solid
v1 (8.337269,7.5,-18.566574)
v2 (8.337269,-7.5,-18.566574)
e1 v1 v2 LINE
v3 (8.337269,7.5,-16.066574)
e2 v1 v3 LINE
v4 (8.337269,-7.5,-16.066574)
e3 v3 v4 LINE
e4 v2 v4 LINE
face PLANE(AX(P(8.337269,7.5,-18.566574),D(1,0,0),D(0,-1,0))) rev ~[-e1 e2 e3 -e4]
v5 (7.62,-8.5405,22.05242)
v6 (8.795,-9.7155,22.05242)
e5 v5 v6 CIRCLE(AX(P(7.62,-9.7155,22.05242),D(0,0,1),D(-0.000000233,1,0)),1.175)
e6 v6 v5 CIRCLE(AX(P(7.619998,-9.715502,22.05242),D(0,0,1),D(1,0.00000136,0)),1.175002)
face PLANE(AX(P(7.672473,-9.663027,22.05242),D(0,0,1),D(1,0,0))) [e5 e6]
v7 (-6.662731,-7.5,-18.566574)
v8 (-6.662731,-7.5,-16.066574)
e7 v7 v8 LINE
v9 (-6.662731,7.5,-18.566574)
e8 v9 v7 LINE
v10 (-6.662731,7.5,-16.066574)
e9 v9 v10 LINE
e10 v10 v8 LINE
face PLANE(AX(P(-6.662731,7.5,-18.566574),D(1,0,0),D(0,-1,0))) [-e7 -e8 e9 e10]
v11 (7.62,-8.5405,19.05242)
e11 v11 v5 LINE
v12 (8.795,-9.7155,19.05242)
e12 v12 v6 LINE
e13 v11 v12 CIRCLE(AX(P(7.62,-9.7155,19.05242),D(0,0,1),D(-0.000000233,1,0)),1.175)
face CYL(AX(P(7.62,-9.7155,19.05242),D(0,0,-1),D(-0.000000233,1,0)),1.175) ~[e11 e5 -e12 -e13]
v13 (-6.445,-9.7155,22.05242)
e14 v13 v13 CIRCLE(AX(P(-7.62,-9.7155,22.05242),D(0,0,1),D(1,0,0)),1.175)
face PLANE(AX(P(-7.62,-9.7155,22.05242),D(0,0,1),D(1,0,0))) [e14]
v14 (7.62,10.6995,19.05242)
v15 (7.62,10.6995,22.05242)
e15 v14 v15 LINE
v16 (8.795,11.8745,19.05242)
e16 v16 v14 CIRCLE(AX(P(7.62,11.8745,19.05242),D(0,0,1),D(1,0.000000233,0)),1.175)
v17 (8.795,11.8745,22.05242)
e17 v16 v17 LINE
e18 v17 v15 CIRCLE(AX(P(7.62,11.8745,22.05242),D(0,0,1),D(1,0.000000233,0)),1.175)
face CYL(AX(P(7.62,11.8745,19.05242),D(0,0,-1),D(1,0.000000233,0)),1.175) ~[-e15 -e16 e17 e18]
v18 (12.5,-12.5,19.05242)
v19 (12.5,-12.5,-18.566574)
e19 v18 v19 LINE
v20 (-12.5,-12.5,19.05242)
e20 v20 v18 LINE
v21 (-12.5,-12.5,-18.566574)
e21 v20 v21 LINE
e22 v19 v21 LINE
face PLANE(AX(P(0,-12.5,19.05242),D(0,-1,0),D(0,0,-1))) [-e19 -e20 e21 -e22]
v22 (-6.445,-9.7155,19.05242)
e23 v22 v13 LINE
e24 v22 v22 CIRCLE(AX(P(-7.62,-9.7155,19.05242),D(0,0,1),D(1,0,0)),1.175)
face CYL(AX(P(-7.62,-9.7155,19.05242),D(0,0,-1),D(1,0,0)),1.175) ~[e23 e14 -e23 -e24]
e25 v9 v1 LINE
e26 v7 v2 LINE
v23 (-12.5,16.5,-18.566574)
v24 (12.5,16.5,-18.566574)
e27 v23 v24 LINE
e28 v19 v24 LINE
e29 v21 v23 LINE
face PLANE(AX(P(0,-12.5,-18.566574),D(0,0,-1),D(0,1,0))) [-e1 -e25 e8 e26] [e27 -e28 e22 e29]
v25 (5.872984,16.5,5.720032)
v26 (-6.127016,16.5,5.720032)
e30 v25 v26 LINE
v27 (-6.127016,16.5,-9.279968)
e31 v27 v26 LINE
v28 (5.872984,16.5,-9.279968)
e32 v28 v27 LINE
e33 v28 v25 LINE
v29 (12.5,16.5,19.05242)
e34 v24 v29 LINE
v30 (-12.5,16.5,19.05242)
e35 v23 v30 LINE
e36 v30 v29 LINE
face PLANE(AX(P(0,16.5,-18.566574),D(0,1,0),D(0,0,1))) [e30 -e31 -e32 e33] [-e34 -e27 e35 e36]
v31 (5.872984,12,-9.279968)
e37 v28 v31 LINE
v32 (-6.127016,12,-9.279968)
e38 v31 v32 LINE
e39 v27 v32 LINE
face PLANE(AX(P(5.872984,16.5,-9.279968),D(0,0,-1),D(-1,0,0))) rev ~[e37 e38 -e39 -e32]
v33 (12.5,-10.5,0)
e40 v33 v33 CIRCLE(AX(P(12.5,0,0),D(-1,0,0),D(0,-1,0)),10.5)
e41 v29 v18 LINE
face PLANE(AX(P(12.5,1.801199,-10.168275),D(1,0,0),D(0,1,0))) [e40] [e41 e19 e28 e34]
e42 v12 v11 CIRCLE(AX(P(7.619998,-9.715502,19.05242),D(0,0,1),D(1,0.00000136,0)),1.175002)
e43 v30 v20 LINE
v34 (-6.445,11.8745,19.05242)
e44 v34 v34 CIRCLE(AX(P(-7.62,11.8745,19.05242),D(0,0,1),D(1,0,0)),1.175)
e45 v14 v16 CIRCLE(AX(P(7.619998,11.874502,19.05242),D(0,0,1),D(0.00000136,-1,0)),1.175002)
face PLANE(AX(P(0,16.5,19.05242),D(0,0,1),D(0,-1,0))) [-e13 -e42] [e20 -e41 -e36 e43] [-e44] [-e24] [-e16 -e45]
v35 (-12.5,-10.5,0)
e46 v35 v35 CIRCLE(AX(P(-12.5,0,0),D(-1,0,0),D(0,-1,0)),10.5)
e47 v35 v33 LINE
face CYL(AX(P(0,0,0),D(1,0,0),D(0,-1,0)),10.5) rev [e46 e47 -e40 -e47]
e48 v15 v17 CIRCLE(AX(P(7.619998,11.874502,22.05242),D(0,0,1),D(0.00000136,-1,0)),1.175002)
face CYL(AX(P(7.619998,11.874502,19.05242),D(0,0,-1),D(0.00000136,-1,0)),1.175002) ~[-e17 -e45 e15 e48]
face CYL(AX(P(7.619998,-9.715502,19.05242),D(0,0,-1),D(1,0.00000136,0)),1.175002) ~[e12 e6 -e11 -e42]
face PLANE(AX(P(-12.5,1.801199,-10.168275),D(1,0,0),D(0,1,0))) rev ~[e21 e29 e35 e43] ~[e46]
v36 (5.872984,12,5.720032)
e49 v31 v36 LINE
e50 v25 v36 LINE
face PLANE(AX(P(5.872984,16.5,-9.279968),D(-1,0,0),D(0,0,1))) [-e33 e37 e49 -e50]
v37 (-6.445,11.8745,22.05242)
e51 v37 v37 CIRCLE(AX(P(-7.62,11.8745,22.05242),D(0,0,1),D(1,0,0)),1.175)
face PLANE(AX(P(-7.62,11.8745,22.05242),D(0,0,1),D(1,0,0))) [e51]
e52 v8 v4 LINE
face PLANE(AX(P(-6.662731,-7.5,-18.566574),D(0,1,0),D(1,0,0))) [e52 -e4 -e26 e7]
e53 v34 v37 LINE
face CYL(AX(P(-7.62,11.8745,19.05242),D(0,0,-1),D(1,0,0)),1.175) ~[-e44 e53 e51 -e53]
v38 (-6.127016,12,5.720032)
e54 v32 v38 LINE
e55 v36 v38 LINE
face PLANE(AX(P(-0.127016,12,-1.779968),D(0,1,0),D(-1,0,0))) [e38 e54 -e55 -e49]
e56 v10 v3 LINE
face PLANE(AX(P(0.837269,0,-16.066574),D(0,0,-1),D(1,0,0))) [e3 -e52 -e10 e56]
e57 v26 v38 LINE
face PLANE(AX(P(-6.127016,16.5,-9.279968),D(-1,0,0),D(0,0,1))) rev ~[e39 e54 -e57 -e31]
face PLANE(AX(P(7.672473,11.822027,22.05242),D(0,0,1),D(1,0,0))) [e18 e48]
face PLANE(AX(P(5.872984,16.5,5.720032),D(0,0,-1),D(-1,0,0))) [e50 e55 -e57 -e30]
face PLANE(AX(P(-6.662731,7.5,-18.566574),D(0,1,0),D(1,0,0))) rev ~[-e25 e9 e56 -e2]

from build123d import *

# Parameters (mm, degrees)
F1_DEPTH = 12.5
F2_R     = 1.175
F3_DEPTH = 3
F4_W     = 15
F4_H     = 15
F5_DEPTH = 2.5
F6_W     = 12
F6_H     = 15
F7_DEPTH = 4.5


with BuildPart() as f1:
    # F0 (on Right) → F1 (new body, symmetric)
    with BuildSketch(Plane.YZ):
        with BuildLine():
            Line((16.5, 0), (10.5, 0))
            ThreePointArc((10.5, 0), (0, -10.5), (-10.5, 0))
            Line((-10.5, 0), (-12.5, 0))
            Line((-12.5, 0), (-12.5, -18.566574))
            Line((-12.5, -18.566574), (-1.889947, -18.566574))
            Line((-1.889947, -18.566574), (16.5, -18.566574))
            Line((16.5, -18.566574), (16.5, 0))
        make_face()
        with BuildLine():
            ThreePointArc((-10.5, 0), (0, 10.5), (10.5, 0))
            Line((10.5, 0), (16.5, 0))
            Line((16.5, 0), (16.5, 19.05242))
            Line((16.5, 19.05242), (-12.5, 19.05242))
            Line((-12.5, 19.05242), (-12.5, 0))
            Line((-12.5, 0), (-10.5, 0))
        make_face()
    extrude(amount=F1_DEPTH, both=True)

    # F2 (on face) → F3 (join)
    with BuildSketch(Plane.XY.offset(19.05242)):
        with Locations((-7.62, -9.7155)):
            Circle(F2_R)
        with BuildLine():
            ThreePointArc((7.62, -8.5405), (6.78915, -10.54635), (8.795, -9.7155))
            ThreePointArc((8.795, -9.7155), (8.45085, -8.88465), (7.62, -8.5405))
        make_face()
        with BuildLine():
            ThreePointArc((8.795, 11.8745), (6.78915, 12.70535), (7.62, 10.6995))
            ThreePointArc((7.62, 10.6995), (8.45085, 11.04365), (8.795, 11.8745))
        make_face()
        with Locations((-7.62, 11.8745)):
            Circle(F2_R)
    extrude(amount=F3_DEPTH)

    # F4 (on face) → F5 (cut)
    with BuildSketch(Plane(origin=(0, 0, -18.566574), x_dir=(1, 0, 0), z_dir=(0, 0, -1))):
        with Locations((0.837269, 0)):
            Rectangle(F4_W, F4_H)
    extrude(amount=-F5_DEPTH, mode=Mode.SUBTRACT)

    # F6 (on face) → F7 (cut)
    with BuildSketch(Plane(origin=(0, 16.5, 0), x_dir=(-1, 0, 0), z_dir=(0, 1, 0))):
        with Locations((0.127016, -1.779968)):
            Rectangle(F6_W, F6_H)
    extrude(amount=-F7_DEPTH, mode=Mode.SUBTRACT)


solid = f1.part
